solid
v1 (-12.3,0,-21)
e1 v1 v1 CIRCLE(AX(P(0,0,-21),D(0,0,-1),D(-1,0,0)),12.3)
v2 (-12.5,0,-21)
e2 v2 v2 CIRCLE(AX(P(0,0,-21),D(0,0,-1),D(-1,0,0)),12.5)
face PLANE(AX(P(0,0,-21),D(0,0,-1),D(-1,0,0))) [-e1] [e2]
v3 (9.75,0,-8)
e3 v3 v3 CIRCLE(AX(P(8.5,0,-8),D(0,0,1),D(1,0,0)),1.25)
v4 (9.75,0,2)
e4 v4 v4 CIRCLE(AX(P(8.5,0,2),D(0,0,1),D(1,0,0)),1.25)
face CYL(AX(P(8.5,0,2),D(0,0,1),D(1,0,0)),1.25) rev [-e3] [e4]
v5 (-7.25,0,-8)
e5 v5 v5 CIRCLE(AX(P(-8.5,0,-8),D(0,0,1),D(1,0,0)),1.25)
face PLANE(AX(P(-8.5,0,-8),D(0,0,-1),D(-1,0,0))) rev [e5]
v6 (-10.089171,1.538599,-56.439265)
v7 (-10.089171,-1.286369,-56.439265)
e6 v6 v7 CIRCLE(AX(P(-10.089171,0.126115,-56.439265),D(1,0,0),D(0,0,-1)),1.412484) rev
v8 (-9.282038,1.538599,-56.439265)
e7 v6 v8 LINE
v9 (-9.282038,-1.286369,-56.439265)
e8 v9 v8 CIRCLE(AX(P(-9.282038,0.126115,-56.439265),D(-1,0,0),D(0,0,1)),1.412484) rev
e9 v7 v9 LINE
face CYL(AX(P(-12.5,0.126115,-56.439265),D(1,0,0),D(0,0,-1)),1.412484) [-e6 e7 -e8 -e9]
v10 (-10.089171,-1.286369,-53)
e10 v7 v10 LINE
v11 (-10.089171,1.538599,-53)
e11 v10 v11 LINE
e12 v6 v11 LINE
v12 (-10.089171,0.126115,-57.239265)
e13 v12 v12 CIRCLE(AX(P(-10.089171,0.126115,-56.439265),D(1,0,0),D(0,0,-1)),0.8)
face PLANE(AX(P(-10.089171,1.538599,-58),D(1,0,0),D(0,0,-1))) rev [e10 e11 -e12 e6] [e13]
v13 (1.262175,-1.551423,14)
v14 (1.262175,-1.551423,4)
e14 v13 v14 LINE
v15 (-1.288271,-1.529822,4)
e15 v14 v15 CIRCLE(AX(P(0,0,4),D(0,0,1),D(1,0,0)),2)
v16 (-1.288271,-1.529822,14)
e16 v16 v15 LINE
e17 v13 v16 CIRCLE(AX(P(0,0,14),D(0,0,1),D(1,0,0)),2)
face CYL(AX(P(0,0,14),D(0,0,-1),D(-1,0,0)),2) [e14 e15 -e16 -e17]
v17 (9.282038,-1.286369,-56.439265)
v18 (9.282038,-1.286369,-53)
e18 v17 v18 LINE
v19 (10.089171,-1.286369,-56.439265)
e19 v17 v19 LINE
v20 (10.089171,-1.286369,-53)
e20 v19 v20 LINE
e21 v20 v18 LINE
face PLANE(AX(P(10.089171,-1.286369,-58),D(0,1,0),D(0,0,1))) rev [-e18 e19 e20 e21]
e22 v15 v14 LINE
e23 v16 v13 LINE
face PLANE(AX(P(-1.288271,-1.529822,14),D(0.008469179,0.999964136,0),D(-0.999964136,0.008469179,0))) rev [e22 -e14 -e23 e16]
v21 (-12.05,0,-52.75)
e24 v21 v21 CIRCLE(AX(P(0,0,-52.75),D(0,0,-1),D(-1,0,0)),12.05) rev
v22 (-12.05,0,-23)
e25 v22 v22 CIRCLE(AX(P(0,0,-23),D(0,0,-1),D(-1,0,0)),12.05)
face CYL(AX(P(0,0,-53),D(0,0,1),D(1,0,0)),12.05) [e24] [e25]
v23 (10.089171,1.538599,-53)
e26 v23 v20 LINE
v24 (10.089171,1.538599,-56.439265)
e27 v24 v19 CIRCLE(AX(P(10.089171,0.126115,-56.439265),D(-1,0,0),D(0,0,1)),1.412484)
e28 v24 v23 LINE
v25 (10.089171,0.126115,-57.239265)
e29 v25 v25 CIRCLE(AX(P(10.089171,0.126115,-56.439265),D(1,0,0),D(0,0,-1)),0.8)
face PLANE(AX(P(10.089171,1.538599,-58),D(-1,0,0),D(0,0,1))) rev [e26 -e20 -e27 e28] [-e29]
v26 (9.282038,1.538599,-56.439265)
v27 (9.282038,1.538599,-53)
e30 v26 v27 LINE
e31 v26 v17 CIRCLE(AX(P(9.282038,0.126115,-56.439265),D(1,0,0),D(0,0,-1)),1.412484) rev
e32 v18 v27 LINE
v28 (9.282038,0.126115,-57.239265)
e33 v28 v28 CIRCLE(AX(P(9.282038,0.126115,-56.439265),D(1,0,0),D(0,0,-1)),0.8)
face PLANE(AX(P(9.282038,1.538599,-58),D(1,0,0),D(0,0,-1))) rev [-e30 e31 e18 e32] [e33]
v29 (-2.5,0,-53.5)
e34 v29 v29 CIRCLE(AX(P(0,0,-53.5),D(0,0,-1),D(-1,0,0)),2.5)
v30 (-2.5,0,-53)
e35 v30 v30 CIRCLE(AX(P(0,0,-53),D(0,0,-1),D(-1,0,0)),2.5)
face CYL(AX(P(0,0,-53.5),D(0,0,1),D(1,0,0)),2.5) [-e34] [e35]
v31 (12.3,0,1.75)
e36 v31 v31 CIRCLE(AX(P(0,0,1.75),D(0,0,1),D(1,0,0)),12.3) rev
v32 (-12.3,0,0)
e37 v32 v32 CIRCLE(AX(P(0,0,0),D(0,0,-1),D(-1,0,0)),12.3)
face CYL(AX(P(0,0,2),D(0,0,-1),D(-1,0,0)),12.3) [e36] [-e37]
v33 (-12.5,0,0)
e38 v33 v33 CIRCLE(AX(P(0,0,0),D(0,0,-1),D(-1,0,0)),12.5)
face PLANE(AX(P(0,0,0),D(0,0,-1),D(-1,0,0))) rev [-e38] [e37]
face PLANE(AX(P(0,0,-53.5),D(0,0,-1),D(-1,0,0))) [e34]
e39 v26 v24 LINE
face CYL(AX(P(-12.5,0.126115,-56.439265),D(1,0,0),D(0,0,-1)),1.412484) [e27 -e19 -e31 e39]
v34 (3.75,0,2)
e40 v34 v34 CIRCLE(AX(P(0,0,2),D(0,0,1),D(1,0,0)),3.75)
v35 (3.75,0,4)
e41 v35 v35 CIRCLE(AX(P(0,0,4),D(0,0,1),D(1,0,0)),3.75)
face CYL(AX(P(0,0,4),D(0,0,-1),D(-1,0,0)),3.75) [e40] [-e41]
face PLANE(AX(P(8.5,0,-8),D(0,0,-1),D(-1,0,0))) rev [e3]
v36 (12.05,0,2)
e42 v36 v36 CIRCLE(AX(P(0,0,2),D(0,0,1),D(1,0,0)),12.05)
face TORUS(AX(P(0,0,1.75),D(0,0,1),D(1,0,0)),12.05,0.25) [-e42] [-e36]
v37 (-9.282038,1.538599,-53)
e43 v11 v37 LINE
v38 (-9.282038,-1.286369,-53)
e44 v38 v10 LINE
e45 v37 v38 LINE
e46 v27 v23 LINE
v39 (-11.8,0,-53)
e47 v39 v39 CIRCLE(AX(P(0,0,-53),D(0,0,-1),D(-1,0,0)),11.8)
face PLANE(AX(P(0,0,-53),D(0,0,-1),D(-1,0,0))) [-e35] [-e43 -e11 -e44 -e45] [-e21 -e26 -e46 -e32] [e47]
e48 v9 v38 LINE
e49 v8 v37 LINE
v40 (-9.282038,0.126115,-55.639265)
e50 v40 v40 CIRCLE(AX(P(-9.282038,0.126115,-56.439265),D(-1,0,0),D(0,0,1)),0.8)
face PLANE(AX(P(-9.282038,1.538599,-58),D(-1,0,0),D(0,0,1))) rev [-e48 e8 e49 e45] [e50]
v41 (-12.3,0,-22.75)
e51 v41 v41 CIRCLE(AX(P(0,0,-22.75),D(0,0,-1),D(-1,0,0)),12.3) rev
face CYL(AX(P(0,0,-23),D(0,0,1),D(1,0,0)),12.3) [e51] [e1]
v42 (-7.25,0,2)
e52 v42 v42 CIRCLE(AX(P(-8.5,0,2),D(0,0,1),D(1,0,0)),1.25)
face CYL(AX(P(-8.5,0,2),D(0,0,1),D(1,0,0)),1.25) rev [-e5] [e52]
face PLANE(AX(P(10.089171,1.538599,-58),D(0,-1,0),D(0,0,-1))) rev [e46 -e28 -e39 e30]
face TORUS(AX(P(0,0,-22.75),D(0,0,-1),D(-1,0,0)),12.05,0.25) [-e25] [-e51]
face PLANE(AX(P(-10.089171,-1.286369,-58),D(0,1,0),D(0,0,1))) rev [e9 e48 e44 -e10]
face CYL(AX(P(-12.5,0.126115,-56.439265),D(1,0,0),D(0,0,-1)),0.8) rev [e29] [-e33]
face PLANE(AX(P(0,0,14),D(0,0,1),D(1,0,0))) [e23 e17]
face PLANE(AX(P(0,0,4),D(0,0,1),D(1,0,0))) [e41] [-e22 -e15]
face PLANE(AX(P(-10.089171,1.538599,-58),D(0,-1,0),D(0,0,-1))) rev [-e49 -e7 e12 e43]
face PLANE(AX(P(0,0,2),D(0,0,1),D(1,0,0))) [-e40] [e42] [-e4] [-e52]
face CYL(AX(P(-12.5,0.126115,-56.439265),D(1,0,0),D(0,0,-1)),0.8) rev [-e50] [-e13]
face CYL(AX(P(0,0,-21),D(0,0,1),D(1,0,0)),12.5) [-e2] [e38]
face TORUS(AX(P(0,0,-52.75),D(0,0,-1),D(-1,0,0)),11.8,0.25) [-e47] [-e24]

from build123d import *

# Parameters (mm, degrees)
SKETCH1_R                       = 12.3
BOSS_EXTRUDE1_DEPTH             = 2
FILLET1_R                       = 0.25
SKETCH3_R                       = 12.5
BOSS_EXTRUDE3_DEPTH             = 21
SKETCH4_R                       = 12.3
BOSS_EXTRUDE4_DEPTH             = 2
FILLET3_R                       = 0.25
SKETCH5_R                       = 12.05
BOSS_EXTRUDE5_DEPTH             = 30
FILLET4_R                       = 0.25
SKETCH6_W                       = 0.807133711
SKETCH6_H                       = 2.824967988
BOSS_EXTRUDE6_DEPTH             = 5
SKETCH7_R                       = 0.8
CUT_EXTRUDE1_DEPTH              = 23.589171386
SKETCH8_R                       = 2.5
BOSS_EXTRUDE7_DEPTH             = 0.5
SKETCH9_R                       = 3.75
BOSS_EXTRUDE8_DEPTH             = 2
BOSS_EXTRUDE9_DEPTH             = 10
TAP_DRILL_FOR_M3X0_5_TAP1_D     = 2.5
TAP_DRILL_FOR_M3X0_5_TAP1_DEPTH = 10


with BuildPart() as part:
    # Sketch1 → Boss-Extrude1 (new body)
    with BuildSketch(Plane.XY):
        Circle(SKETCH1_R)
    extrude(amount=BOSS_EXTRUDE1_DEPTH)

    # Fillet1
    fillet1_edges = [part.edges().sort_by_distance(p)[0] for p in [
        (-12.3, 0, 2),
    ]]
    fillet(fillet1_edges, radius=FILLET1_R)

    # Sketch3 → Boss-Extrude3 (add)
    with BuildSketch(Plane(origin=(0, 0, 0), x_dir=(-1, 0, 0), z_dir=(0, 0, -1))):
        Circle(SKETCH3_R)
    extrude(amount=BOSS_EXTRUDE3_DEPTH)

    # Sketch4 → Boss-Extrude4 (add)
    with BuildSketch(Plane(origin=(0, 0, -21), x_dir=(-1, 0, 0), z_dir=(0, 0, -1))):
        Circle(SKETCH4_R)
    extrude(amount=BOSS_EXTRUDE4_DEPTH)

    # Fillet3
    fillet3_edges = [part.edges().sort_by_distance(p)[0] for p in [
        (12.3, 0, -23),
    ]]
    fillet(fillet3_edges, radius=FILLET3_R)

    # Sketch5 → Boss-Extrude5 (add)
    with BuildSketch(Plane(origin=(0, 0, -23), x_dir=(-1, 0, 0), z_dir=(0, 0, -1))):
        Circle(SKETCH5_R)
    extrude(amount=BOSS_EXTRUDE5_DEPTH)

    # Fillet4
    fillet4_edges = [part.edges().sort_by_distance(p)[0] for p in [
        (12.05, 0, -53),
    ]]
    fillet(fillet4_edges, radius=FILLET4_R)

    # Sketch6 → Boss-Extrude6 (add)
    with BuildSketch(Plane(origin=(0, 0, -53), x_dir=(-1, 0, 0), z_dir=(0, 0, -1))):
        with Locations((-9.685604531, 0.126114642)):
            Rectangle(SKETCH6_W, SKETCH6_H)
        with Locations((9.685604531, 0.126114642)):
            Rectangle(SKETCH6_W, SKETCH6_H)
    extrude(amount=BOSS_EXTRUDE6_DEPTH)

    # Sketch7 → Cut-Extrude1 (cut, through all)
    with BuildSketch(Plane(origin=(10.089171386, 0, 0), x_dir=(0, 0, -1), z_dir=(1, 0, 0))):
        with Locations((56.439265275, 0.126114642)):
            Circle(SKETCH7_R)
        with BuildLine():
            Line((56.439265275, 1.538598636), (58, 1.538598636))
            Line((58, 1.538598636), (58, -1.286369352))
            Line((58, -1.286369352), (56.439265275, -1.286369352))
            ThreePointArc((56.439265275, -1.286369352), (57.851749269, 0.126114642), (56.439265275, 1.538598636))
        make_face()
    extrude(amount=-CUT_EXTRUDE1_DEPTH, mode=Mode.SUBTRACT)

    # Sketch8 → Boss-Extrude7 (add)
    with BuildSketch(Plane(origin=(0, 0, -53), x_dir=(-1, 0, 0), z_dir=(0, 0, -1))):
        Circle(SKETCH8_R)
    extrude(amount=BOSS_EXTRUDE7_DEPTH)

    # Sketch9 → Boss-Extrude8 (add)
    with BuildSketch(Plane.XY.offset(2)):
        Circle(SKETCH9_R)
    extrude(amount=BOSS_EXTRUDE8_DEPTH)

    # Sketch10 → Boss-Extrude9 (add)
    with BuildSketch(Plane.XY.offset(4)):
        with BuildLine():
            Line((-1.288271492, -1.529822396), (1.262174935, -1.551423357))
            ThreePointArc((1.262174935, -1.551423357), (0.016938357, 1.999928272), (-1.288271492, -1.529822396))
        make_face()
    extrude(amount=BOSS_EXTRUDE9_DEPTH)

    # Tap Drill for M3x0.5 Tap1
    with Locations(Plane.XY.offset(2)):
        with Locations((8.5, 0), (-8.5, 0)):
            Hole(TAP_DRILL_FOR_M3X0_5_TAP1_D / 2, depth=TAP_DRILL_FOR_M3X0_5_TAP1_DEPTH)


solid = part.part
